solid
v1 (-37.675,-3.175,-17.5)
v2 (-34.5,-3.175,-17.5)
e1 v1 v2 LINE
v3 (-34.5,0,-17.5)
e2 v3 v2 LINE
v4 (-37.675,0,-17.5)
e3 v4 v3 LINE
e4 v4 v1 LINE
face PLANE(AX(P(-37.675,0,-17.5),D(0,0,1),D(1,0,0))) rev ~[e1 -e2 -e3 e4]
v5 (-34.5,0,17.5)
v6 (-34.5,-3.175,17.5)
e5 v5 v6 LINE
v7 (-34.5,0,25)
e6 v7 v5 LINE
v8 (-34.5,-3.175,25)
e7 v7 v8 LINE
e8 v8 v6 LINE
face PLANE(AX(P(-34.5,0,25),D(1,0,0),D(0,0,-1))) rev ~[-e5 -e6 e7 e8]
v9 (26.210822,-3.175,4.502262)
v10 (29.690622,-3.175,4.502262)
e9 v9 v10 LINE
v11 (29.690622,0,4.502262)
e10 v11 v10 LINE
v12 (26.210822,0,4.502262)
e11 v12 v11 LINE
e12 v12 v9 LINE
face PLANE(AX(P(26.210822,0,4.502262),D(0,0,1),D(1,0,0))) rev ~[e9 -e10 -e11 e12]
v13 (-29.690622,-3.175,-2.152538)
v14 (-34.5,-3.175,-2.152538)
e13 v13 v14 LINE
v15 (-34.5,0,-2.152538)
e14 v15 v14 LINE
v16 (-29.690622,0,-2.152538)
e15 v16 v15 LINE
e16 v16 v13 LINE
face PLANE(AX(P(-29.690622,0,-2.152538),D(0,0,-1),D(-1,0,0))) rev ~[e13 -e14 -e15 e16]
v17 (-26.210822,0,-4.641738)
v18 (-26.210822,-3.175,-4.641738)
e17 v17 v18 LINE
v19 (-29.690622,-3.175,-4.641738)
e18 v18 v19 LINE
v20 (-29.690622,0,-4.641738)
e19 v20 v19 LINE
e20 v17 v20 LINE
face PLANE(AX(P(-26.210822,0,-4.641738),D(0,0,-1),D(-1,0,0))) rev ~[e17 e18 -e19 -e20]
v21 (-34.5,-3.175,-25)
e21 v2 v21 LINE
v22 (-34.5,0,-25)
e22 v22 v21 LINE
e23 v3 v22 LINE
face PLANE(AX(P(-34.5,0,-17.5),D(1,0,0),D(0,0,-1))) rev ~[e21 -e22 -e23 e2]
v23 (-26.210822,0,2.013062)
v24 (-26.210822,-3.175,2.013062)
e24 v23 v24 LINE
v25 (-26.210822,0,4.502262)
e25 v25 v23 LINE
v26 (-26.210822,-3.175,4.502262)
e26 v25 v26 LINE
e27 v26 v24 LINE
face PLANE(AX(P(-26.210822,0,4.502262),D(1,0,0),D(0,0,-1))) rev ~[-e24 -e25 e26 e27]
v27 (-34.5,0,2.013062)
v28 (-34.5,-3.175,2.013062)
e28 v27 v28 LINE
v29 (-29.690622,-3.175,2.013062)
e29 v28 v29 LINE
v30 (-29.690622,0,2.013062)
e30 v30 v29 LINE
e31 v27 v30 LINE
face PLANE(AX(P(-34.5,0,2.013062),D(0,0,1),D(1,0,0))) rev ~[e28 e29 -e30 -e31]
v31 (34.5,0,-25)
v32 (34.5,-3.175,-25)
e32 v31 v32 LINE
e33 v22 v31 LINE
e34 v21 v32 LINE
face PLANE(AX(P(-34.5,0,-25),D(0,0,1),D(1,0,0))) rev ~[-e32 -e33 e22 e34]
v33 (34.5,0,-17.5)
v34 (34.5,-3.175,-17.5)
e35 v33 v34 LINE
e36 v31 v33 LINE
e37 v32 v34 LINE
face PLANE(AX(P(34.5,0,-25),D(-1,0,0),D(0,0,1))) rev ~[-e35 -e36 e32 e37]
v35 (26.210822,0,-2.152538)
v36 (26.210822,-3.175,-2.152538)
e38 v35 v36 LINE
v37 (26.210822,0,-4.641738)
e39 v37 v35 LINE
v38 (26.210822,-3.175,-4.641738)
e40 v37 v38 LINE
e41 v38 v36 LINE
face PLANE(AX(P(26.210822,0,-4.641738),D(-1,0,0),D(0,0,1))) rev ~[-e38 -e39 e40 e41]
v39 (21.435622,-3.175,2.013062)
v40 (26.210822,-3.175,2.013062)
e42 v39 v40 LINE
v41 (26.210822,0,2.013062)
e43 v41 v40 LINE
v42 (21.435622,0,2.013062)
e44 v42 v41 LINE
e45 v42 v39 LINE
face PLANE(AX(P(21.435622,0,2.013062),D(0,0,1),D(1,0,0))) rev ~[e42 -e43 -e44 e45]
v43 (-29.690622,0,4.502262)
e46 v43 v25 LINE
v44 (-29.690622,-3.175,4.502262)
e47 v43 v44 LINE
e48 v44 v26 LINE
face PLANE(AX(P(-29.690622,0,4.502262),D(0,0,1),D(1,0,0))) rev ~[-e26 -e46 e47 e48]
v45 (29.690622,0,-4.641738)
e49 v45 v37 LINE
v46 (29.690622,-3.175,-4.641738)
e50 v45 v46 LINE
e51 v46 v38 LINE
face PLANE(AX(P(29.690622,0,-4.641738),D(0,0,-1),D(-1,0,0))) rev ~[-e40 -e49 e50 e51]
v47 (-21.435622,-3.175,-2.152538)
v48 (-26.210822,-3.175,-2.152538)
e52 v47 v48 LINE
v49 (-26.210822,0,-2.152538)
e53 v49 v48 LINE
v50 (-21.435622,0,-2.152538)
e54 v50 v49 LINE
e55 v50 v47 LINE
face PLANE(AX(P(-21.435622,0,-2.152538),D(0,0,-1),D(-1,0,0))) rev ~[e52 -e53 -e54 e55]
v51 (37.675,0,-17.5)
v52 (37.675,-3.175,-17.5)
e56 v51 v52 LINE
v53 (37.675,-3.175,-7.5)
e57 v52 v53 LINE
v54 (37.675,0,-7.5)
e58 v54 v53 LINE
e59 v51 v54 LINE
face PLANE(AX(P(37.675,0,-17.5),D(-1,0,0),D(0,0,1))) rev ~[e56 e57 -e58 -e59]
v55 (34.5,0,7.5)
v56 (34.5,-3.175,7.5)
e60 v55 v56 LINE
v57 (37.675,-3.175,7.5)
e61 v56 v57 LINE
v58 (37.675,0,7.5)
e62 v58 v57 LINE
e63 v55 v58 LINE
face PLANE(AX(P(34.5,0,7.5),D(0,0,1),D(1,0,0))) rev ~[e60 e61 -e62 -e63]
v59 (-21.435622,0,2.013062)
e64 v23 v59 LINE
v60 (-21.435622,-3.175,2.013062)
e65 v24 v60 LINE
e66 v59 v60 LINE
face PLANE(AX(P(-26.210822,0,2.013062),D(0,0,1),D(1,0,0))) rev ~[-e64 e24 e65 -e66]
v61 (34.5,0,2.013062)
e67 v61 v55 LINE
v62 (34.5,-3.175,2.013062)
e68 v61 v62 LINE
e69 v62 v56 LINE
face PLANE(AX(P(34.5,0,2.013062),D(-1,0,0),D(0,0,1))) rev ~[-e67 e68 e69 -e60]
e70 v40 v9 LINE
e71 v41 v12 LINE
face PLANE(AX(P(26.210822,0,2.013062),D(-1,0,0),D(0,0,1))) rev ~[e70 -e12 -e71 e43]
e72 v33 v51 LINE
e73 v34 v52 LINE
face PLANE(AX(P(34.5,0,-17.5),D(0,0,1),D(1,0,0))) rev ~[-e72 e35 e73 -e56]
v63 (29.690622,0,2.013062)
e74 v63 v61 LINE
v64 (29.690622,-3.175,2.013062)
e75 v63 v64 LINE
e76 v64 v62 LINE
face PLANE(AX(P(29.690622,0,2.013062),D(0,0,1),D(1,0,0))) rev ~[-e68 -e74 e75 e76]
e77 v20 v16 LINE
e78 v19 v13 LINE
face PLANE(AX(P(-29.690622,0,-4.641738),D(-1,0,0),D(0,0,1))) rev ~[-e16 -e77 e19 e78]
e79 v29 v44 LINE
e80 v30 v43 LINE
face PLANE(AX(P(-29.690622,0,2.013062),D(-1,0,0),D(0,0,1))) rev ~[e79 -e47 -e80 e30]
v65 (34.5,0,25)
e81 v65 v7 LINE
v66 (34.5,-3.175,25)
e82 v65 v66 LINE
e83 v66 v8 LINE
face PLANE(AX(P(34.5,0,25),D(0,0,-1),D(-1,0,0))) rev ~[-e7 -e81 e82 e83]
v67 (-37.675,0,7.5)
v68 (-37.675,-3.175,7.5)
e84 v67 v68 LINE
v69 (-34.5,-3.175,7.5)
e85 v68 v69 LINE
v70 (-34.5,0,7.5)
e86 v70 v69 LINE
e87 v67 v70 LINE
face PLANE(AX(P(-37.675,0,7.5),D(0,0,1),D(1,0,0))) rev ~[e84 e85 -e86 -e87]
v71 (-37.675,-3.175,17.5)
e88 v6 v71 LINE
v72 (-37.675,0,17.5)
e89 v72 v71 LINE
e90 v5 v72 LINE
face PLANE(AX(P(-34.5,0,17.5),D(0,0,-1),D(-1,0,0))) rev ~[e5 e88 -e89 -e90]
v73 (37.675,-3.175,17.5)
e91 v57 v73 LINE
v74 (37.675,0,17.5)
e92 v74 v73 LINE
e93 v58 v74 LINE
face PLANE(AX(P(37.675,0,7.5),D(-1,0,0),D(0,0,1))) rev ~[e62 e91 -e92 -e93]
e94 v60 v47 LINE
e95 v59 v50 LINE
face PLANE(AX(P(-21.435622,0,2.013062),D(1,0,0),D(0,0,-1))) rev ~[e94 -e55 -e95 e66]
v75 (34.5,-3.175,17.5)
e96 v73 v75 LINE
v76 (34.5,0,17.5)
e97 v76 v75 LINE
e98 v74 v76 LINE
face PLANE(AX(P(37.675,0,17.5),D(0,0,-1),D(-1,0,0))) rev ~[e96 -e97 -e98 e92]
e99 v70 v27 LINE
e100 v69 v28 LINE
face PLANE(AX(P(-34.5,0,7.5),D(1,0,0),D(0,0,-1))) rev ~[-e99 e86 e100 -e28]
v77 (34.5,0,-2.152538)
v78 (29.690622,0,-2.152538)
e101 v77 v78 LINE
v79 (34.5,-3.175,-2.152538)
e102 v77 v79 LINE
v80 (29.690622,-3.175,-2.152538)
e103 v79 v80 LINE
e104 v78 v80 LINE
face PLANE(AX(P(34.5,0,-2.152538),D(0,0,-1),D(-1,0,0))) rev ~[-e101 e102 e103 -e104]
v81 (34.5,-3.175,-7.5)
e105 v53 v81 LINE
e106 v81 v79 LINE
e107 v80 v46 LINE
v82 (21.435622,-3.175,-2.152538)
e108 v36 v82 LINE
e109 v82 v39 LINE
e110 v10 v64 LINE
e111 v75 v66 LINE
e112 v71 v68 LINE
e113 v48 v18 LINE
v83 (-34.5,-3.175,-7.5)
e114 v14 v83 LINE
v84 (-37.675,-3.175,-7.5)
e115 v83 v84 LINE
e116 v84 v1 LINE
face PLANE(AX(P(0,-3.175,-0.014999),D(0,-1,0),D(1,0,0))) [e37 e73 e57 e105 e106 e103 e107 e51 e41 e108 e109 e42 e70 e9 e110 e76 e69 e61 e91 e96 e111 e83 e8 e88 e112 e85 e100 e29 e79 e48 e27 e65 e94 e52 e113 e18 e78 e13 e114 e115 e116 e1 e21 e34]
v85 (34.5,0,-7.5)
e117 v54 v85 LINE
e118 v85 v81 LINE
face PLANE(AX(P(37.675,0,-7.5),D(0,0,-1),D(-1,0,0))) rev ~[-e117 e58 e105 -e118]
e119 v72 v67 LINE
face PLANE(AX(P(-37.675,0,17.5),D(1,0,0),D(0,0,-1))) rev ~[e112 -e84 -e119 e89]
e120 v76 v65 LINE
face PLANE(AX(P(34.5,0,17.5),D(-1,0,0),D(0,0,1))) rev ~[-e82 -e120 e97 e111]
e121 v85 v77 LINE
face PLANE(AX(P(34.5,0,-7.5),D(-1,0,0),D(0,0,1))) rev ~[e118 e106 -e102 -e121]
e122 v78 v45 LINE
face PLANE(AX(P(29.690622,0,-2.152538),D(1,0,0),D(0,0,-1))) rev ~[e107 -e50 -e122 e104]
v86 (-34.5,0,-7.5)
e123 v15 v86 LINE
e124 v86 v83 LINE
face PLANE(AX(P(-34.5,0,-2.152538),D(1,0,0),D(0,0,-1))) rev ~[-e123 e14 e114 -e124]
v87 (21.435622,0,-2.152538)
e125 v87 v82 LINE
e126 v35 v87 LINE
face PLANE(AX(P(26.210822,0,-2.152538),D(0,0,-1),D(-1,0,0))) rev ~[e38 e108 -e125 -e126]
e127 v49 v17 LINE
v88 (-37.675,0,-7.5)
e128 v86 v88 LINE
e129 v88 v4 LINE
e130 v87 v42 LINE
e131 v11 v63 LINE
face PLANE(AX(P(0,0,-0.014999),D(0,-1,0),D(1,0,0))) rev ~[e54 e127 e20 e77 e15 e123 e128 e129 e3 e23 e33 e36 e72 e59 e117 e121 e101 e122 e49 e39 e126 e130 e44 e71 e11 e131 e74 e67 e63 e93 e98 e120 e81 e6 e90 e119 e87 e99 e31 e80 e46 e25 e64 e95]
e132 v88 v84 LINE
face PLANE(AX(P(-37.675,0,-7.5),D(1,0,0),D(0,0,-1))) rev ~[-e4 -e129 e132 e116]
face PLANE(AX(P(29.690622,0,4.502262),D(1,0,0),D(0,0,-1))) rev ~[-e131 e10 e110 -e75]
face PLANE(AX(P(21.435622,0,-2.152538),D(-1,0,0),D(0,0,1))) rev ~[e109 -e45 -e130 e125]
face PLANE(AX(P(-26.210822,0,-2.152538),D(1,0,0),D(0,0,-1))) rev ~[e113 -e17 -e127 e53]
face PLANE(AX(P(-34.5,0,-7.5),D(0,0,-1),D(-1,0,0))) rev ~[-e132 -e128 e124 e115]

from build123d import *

# Parameters (mm, degrees)
F1_DEPTH = 3.175


with BuildPart() as f1:
    # F0 (on Front) → F1 (new body)
    with BuildSketch(Plane.XZ):
        Polygon((34.5, 25), (-34.5, 25), (-34.5, 17.5), (-37.675, 17.5), (-37.675, 7.5), (-34.5, 7.5), (-34.5, 2.013062), (-31.325, 2.013062), (-29.690622, 2.013062), (-29.690622, 4.502262), (-26.210822, 4.502262), (-26.210822, 2.013062), (-21.435622, 2.013062), (-21.435622, -2.152538), (-26.210822, -2.152538), (-26.210822, -4.641738), (-29.690622, -4.641738), (-29.690622, -2.152538), (-31.325, -2.152538), (-34.5, -2.152538), (-34.5, -7.5), (-37.675, -7.5), (-37.675, -17.5), (-34.5, -17.5), (-34.5, -25), (34.5, -25), (34.5, -17.5), (37.675, -17.5), (37.675, -7.5), (34.5, -7.5), (34.5, -2.152538), (31.325, -2.152538), (29.690622, -2.152538), (29.690622, -4.641738), (26.210822, -4.641738), (26.210822, -2.152538), (21.435622, -2.152538), (21.435622, 2.013062), (26.210822, 2.013062), (26.210822, 4.502262), (29.690622, 4.502262), (29.690622, 2.013062), (31.325, 2.013062), (34.5, 2.013062), (34.5, 7.5), (37.675, 7.5), (37.675, 17.5), (34.5, 17.5), align=None)
    extrude(amount=F1_DEPTH)


solid = f1.part
